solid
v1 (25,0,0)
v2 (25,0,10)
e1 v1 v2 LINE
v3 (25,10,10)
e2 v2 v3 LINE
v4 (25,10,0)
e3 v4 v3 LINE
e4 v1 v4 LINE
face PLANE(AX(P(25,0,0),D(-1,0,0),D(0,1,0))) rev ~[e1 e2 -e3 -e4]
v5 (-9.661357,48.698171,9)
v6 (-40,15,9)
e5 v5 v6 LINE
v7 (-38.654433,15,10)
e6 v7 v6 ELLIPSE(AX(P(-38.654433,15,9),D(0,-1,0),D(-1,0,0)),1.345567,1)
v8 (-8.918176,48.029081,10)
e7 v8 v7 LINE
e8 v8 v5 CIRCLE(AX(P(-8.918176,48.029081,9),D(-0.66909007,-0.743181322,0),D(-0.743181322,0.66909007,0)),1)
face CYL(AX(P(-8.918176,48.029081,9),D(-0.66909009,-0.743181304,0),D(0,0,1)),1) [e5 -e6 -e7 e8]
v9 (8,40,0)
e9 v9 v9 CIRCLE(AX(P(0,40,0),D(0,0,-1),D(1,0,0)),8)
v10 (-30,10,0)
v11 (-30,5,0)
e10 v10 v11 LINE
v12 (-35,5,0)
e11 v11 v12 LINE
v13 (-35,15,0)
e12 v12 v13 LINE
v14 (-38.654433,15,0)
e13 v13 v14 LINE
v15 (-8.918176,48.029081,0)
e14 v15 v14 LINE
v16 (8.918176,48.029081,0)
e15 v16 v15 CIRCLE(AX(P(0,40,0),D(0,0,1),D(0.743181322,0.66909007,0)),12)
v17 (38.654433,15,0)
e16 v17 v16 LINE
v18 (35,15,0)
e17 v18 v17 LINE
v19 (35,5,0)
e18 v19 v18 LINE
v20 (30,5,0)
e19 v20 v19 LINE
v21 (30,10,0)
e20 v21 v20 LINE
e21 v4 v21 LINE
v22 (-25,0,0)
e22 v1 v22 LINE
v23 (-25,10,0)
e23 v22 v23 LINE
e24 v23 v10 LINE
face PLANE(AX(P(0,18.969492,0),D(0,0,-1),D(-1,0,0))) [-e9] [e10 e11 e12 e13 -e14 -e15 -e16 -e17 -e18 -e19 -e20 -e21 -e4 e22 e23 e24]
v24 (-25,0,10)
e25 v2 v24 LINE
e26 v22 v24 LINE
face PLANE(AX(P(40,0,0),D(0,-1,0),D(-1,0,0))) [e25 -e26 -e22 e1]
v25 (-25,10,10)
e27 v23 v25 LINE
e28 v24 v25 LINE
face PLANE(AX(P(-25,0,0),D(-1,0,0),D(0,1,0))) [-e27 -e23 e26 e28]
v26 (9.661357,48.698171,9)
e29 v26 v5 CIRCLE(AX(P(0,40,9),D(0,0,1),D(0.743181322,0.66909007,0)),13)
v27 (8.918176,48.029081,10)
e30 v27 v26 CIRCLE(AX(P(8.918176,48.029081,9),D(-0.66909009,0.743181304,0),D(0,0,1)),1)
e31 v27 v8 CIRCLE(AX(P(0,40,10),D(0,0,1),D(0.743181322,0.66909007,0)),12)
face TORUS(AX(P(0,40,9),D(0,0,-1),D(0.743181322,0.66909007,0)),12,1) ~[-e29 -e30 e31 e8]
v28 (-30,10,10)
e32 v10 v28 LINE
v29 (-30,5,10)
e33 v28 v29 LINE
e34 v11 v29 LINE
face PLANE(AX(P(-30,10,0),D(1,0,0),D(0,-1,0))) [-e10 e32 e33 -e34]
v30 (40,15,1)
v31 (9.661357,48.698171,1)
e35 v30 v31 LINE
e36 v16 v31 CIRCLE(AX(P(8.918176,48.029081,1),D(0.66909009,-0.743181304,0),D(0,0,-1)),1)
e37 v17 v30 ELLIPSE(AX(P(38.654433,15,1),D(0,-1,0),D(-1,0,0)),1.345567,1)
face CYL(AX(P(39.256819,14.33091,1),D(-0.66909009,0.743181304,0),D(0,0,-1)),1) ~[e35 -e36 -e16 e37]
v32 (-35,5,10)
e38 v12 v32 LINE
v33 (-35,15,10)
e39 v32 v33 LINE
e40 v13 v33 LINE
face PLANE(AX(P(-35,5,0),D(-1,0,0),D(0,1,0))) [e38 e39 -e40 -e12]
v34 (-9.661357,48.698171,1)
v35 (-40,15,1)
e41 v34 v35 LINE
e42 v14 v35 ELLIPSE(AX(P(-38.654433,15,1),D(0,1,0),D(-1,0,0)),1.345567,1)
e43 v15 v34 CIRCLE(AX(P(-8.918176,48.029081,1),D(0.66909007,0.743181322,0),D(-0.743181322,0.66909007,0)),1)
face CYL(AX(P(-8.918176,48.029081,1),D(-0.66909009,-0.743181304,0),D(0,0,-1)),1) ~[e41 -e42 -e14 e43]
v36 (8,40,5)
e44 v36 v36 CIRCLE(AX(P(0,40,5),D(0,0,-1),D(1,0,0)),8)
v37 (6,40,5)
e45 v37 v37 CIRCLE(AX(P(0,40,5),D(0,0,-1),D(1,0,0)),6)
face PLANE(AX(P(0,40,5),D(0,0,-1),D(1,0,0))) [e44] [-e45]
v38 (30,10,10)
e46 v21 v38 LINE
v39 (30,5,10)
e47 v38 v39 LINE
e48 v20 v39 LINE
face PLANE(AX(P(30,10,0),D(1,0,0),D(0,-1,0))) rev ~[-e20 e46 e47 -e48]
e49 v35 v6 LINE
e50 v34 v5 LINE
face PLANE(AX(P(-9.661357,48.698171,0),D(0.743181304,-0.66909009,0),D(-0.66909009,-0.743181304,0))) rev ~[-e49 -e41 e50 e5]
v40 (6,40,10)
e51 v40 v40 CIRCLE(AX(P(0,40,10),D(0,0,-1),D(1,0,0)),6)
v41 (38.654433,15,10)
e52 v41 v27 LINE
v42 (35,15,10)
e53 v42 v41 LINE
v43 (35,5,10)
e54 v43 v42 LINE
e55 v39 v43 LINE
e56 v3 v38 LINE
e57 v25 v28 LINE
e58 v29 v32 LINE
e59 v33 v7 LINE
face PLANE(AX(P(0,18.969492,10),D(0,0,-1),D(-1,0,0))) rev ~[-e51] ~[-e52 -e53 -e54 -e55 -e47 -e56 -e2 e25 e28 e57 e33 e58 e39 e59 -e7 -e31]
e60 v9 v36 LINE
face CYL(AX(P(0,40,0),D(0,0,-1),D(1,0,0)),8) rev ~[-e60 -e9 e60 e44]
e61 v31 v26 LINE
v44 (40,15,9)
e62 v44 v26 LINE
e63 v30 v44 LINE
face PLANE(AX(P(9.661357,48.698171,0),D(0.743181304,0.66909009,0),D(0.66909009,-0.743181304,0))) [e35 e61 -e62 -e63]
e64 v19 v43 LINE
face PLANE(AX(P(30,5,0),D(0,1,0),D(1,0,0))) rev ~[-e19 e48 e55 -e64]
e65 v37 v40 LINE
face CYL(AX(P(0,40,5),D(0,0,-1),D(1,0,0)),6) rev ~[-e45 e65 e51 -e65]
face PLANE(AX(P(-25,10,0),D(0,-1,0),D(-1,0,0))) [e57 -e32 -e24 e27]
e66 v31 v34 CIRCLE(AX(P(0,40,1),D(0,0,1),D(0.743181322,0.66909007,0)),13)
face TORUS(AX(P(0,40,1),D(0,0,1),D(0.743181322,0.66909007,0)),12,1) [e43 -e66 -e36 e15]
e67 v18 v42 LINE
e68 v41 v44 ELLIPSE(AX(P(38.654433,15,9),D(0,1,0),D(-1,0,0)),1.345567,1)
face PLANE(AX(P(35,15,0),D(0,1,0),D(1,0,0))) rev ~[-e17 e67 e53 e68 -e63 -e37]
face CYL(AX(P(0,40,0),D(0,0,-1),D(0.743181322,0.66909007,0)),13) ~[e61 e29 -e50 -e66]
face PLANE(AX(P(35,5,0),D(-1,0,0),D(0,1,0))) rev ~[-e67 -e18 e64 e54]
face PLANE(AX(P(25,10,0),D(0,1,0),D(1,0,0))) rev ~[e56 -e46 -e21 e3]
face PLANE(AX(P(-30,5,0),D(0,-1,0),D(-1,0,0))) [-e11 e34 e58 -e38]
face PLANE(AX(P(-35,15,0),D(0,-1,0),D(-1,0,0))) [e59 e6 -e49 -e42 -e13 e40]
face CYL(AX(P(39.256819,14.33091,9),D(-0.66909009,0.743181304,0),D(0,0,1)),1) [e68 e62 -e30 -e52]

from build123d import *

# Parameters (mm, degrees)
PAD_DEPTH       = 10
SKETCH001_R     = 8
POCKET_DEPTH    = 5
SKETCH003_R     = 6
POCKET001_DEPTH = 5
POCKET002_DEPTH = 10
FILLET_R        = 1


with BuildPart() as part:
    # Sketch → Pad (new body)
    with BuildSketch(Plane.XY):
        with BuildLine():
            Line((40, 0), (-40, 0))
            Line((-40, 0), (-40, 15))
            Line((-9.661357, 48.698171), (-40, 15))
            ThreePointArc((9.661357, 48.698171), (0, 53), (-9.661357, 48.698171))
            Line((9.661357, 48.698171), (40, 15))
            Line((40, 0), (40, 15))
        make_face()
    extrude(amount=PAD_DEPTH)

    # Sketch001 → Pocket (cut)
    with BuildSketch(Plane(origin=(0, 0, 0), x_dir=(1, 0, 0), z_dir=(0, 0, -1))):
        with Locations((0, -40)):
            Circle(SKETCH001_R)
    extrude(amount=-POCKET_DEPTH, mode=Mode.SUBTRACT)

    # Sketch003 → Pocket001 (cut)
    with BuildSketch(Plane(origin=(0, 0, 5), x_dir=(1, 0, 0), z_dir=(0, 0, -1))):
        with Locations((0, -40)):
            Circle(SKETCH003_R)
    extrude(amount=-POCKET001_DEPTH, mode=Mode.SUBTRACT)

    # Sketch002 → Pocket002 (cut)
    with BuildSketch(Plane(origin=(0, 0, 0), x_dir=(1, 0, 0), z_dir=(0, 0, -1))):
        Polygon((-40, -15), (-40, 0), (-25, 0), (-25, -10), (-30, -10), (-30, -5), (-35, -5), (-35, -15), align=None)
        Polygon((40, -15), (40, 0), (25, 0), (25, -10), (30, -10), (30, -5), (35, -5), (35, -15), align=None)
    extrude(amount=-POCKET002_DEPTH, mode=Mode.SUBTRACT)

    # Fillet
    fillet_edges = [part.edges().sort_by_distance(p)[0] for p in [
        (-24.830678, 31.849086, 10),
        (-24.830678, 31.849086, 0),
    ]]
    fillet(fillet_edges, radius=FILLET_R)


solid = part.part
